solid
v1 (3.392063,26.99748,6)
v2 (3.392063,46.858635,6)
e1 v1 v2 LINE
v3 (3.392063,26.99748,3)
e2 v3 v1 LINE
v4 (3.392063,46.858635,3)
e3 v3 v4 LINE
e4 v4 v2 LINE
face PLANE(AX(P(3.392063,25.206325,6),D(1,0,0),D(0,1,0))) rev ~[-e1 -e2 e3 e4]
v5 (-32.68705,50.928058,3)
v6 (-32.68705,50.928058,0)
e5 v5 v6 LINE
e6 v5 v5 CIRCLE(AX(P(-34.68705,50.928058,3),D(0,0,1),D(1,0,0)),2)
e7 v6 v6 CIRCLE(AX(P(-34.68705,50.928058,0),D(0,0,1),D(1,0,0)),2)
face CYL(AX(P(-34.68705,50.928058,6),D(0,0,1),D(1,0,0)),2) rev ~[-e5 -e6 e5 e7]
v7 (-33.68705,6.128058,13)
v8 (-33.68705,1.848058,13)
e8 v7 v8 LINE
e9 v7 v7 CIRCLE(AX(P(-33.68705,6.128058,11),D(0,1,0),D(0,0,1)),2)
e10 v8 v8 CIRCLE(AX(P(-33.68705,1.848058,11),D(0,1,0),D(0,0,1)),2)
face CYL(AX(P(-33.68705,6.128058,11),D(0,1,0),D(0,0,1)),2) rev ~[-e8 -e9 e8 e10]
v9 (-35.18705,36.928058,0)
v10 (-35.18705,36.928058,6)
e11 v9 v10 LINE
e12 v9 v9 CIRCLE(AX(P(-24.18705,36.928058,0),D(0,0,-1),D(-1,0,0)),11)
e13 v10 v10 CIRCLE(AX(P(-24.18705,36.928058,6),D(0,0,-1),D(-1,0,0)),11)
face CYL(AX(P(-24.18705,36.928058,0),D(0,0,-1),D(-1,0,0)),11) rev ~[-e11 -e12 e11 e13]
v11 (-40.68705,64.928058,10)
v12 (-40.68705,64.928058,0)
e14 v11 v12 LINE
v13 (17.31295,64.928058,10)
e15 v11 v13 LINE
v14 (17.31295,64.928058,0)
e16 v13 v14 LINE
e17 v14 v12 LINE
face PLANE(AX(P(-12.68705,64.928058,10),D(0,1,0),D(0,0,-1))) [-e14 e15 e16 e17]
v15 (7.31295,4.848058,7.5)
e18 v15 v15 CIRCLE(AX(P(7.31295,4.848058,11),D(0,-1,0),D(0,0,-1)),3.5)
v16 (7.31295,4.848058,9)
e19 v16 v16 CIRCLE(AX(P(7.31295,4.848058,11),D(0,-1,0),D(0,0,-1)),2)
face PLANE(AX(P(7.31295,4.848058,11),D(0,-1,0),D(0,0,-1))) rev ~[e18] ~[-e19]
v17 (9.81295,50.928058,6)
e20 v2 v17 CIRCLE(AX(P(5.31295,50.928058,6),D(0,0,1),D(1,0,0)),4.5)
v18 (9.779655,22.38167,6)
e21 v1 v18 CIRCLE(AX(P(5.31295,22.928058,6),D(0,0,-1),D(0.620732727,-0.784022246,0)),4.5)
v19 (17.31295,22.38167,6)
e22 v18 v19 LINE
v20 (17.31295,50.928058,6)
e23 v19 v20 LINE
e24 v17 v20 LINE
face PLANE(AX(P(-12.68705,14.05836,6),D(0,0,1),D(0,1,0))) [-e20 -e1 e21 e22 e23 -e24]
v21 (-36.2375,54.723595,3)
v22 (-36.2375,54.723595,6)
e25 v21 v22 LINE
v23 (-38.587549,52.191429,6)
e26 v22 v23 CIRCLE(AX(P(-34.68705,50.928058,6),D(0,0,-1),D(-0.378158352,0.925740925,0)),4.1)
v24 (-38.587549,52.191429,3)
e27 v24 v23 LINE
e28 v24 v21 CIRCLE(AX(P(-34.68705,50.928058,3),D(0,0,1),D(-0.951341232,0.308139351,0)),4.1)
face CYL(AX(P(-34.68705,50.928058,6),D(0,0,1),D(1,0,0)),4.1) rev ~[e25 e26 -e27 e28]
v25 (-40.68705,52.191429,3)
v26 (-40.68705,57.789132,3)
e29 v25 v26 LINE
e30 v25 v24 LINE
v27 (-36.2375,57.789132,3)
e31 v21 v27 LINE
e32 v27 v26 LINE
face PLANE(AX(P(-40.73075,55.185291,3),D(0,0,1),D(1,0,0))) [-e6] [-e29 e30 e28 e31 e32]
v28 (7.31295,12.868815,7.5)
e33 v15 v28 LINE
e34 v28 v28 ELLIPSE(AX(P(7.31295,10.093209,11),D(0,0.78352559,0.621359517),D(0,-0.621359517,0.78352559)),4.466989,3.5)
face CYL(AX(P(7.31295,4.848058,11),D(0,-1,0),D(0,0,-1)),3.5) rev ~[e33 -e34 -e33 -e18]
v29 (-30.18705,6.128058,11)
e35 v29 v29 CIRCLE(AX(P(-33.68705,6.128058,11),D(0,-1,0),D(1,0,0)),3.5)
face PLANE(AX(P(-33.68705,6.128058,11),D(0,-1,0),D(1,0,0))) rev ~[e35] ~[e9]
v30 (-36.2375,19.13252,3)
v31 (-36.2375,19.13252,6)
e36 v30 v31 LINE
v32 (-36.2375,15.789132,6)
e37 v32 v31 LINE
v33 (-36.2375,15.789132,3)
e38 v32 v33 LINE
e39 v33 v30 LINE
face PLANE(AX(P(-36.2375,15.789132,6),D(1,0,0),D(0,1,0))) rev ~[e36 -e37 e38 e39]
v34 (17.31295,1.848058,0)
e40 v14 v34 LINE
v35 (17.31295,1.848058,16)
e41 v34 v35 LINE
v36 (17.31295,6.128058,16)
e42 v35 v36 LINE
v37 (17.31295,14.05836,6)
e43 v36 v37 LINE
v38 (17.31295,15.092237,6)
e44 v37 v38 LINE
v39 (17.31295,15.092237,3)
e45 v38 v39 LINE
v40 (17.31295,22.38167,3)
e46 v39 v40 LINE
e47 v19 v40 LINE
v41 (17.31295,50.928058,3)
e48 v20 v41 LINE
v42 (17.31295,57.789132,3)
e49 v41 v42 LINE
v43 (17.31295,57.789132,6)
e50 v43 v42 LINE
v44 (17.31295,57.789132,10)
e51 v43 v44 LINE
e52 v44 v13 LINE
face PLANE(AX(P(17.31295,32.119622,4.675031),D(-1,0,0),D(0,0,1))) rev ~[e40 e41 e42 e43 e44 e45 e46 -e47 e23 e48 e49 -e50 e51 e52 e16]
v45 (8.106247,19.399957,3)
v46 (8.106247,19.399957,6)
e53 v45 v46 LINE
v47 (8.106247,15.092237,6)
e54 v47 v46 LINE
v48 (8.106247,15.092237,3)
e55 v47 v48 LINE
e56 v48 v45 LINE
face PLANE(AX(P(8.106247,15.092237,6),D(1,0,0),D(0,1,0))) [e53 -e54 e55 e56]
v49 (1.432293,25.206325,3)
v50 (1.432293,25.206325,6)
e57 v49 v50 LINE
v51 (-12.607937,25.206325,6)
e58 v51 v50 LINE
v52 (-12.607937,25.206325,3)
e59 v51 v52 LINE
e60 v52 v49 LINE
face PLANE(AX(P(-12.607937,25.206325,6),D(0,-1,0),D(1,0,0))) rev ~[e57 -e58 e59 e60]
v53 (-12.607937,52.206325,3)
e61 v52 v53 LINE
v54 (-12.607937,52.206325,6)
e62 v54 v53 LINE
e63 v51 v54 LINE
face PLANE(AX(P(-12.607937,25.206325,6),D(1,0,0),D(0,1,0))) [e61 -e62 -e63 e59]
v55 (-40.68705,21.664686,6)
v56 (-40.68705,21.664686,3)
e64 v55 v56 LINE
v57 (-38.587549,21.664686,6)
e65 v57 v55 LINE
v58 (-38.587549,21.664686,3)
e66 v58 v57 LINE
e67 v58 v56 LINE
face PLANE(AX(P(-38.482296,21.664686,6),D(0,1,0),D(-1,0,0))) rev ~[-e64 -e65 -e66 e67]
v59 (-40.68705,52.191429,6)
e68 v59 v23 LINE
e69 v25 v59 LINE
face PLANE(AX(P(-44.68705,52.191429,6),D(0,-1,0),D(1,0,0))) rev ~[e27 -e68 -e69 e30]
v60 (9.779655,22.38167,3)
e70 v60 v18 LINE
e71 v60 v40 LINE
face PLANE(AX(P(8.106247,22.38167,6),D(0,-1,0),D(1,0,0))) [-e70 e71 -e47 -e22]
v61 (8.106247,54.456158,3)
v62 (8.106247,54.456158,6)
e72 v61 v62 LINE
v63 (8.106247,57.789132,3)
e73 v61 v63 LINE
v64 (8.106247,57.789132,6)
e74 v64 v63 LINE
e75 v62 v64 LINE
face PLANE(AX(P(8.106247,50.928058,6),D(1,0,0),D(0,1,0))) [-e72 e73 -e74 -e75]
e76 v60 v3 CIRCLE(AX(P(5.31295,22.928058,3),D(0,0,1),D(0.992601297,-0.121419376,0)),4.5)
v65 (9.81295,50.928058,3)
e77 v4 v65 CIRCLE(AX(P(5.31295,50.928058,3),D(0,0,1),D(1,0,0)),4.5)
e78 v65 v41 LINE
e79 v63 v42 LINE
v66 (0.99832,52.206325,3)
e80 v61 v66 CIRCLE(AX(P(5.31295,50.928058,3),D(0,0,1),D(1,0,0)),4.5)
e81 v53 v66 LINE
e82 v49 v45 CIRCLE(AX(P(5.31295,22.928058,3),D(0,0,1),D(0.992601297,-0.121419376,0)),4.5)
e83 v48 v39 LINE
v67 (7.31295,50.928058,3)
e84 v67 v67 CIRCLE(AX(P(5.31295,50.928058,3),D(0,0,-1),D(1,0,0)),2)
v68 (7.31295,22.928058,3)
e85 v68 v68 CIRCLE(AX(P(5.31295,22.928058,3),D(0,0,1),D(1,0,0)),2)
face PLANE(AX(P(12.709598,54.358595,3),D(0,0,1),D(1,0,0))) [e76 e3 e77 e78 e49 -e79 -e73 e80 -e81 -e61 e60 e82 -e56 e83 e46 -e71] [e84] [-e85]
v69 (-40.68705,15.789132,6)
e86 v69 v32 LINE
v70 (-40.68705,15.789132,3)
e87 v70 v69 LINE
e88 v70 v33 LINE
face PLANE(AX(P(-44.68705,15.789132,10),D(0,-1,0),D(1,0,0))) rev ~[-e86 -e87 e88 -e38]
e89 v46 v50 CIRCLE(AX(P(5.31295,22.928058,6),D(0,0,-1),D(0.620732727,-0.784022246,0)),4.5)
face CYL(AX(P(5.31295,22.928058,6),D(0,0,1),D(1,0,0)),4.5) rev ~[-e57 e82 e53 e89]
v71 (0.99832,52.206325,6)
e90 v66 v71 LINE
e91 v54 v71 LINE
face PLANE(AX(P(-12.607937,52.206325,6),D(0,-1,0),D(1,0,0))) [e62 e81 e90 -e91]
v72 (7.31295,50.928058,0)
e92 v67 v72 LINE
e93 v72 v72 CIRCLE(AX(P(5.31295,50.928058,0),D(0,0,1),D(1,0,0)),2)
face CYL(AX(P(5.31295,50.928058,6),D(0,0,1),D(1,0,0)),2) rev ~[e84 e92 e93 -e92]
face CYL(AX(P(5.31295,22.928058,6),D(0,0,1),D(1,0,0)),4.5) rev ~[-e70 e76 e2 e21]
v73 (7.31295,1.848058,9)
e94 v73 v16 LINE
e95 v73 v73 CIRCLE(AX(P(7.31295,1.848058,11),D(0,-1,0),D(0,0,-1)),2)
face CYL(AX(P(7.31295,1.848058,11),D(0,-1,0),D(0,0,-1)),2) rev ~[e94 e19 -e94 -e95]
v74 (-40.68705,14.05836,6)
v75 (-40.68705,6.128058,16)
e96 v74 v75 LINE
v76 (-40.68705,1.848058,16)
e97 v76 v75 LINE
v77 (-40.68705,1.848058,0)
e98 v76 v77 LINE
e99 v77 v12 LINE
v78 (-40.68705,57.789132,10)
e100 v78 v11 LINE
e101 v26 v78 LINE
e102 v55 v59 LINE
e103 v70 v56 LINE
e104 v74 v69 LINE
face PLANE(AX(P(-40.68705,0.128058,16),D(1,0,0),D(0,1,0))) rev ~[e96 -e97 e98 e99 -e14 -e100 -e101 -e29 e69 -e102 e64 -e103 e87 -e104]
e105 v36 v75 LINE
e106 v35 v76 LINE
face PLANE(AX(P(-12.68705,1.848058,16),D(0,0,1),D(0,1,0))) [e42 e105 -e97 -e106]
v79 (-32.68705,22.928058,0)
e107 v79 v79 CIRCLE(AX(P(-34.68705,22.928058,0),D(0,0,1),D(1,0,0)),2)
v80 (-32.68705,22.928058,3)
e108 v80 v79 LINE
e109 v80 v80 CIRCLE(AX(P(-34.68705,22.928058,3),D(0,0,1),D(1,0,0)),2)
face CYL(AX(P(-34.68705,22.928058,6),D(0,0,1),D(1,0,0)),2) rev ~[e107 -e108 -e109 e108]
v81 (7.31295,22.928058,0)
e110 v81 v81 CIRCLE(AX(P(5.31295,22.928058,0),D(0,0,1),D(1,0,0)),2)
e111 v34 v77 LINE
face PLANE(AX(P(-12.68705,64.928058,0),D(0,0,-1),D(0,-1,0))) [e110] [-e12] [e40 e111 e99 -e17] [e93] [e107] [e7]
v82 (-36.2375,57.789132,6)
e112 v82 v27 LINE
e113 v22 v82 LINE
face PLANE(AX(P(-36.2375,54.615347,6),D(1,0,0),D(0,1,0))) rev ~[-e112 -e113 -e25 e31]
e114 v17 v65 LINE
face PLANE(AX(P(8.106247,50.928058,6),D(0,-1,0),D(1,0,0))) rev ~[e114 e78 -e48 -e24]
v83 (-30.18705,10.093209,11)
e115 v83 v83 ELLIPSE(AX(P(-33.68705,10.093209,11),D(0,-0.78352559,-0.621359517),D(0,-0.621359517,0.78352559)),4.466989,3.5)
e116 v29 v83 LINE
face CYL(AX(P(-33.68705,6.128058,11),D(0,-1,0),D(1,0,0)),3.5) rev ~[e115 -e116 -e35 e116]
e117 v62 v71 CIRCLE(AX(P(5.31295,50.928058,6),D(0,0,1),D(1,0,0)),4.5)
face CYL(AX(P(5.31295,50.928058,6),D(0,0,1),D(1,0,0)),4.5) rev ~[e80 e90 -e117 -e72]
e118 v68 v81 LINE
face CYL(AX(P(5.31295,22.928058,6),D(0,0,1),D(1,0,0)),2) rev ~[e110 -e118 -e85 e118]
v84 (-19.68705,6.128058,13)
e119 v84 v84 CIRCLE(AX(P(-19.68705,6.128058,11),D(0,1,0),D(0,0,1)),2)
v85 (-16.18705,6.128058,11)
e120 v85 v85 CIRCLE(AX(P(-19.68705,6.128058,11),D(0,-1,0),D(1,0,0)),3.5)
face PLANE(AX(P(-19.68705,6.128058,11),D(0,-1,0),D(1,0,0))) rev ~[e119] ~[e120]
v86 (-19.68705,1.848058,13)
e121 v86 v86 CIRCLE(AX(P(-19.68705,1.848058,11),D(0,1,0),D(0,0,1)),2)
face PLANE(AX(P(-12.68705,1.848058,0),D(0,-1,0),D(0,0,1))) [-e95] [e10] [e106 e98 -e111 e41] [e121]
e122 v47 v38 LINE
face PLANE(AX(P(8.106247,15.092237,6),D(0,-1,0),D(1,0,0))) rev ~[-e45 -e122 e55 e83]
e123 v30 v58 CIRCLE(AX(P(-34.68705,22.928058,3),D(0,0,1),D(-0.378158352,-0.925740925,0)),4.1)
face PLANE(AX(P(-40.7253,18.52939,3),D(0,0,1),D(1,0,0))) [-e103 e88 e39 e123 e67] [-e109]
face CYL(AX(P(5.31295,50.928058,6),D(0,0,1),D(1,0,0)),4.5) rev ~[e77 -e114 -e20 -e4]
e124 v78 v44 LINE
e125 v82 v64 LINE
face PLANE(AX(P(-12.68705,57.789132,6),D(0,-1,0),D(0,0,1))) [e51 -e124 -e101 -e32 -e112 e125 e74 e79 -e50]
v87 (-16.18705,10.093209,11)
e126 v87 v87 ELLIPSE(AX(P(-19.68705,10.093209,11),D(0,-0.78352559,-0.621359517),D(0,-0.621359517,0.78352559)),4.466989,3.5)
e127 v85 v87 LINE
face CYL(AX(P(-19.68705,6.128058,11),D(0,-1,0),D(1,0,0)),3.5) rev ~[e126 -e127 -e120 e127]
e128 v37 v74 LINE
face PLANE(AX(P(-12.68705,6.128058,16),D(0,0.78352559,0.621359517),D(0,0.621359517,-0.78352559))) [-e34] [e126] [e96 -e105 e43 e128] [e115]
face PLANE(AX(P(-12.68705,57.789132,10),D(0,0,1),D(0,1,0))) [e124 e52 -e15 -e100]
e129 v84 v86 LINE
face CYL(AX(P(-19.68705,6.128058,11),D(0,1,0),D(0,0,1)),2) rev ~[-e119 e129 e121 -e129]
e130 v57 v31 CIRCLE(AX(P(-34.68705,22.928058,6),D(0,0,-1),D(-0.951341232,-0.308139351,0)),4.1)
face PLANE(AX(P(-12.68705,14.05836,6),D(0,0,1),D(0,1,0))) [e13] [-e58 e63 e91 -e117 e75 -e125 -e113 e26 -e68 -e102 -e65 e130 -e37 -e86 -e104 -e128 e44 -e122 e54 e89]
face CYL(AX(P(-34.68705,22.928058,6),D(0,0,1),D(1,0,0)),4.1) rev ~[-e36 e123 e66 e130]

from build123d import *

# Parameters (mm, degrees)
SKETCH1_W            = 93
SKETCH1_H            = 100
BOSS_EXTRUDE2_DEPTH  = 10
SKETCH4_W            = 10.01
SKETCH4_H            = 15
BOSS_EXTRUDE4_DEPTH  = 24
SKETCH5_R            = 2
CUT_EXTRUDE1_DEPTH   = 50
SKETCH7_R            = 11
CUT_EXTRUDE3_DEPTH   = 50
SKETCH14_W           = 61.5
SKETCH14_H           = 42
CUT_EXTRUDE8_DEPTH   = 4
SKETCH19_R           = 11
CUT_EXTRUDE11_DEPTH  = 15
SKETCH20_R           = 2
CUT_EXTRUDE12_DEPTH  = 10
SKETCH21_W           = 40
SKETCH21_H           = 6
BOSS_EXTRUDE5_DEPTH  = 27
SKETCH22_W           = 40
SKETCH22_H           = 6.3
BOSS_EXTRUDE7_DEPTH  = 40
SKETCH23_R           = 8
CUT_EXTRUDE13_DEPTH  = 40
SKETCH24_W           = 118.277817783
SKETCH24_H           = 41.8
CUT_EXTRUDE14_DEPTH  = 40
SKETCH25_W           = 31.5
SKETCH25_H           = 23.2
CUT_EXTRUDE15_DEPTH  = 20
CUT_EXTRUDE18_DEPTH  = 3
SKETCH27_R           = 4.1
SKETCH27_R_2         = 4
CUT_EXTRUDE29_DEPTH  = 3
SKETCH28_W           = 29.5
SKETCH28_H           = 58.2
CUT_EXTRUDE30_DEPTH  = 23
SKETCH29_W           = 32
SKETCH29_H           = 4
CUT_EXTRUDE31_DEPTH  = 23
SKETCH31_W           = 32
SKETCH31_H           = 6
BOSS_EXTRUDE9_DEPTH  = 6.6
SKETCH32_W           = 32
SKETCH32_H           = 6
BOSS_EXTRUDE10_DEPTH = 10
SKETCH33_R           = 2
CUT_EXTRUDE32_DEPTH  = 10
BOSS_EXTRUDE11_START = -32
BOSS_EXTRUDE11_DEPTH = 32
SKETCH35_R           = 3.5
CUT_EXTRUDE33_DEPTH  = 10
SKETCH36_W           = 27
SKETCH36_H           = 46
CUT_EXTRUDE34_DEPTH  = 50
SKETCH38_W           = 31.75
SKETCH38_H           = 35
CUT_EXTRUDE35_DEPTH  = 50
SKETCH40_W           = 4
SKETCH40_H           = 77.818306413
CUT_EXTRUDE37_DEPTH  = 110
SKETCH41_W           = 28
SKETCH41_H           = 1.72
CUT_EXTRUDE38_DEPTH  = 50
BOSS_EXTRUDE12_DEPTH = 30
SKETCH43_R           = 2
CUT_EXTRUDE39_DEPTH  = 30
SKETCH44_R           = 4.5
CUT_EXTRUDE40_DEPTH  = 3
SKETCH45_W           = 9.206702729
SKETCH45_H           = 6.861074725
SKETCH45_H_2         = 7.289433521
CUT_EXTRUDE41_DEPTH  = 3
SKETCH46_W           = 16
SKETCH46_H           = 27
CUT_EXTRUDE42_DEPTH  = 3
SKETCH47_R           = 2
CUT_EXTRUDE43_DEPTH  = 3
SKETCH48_R           = 3.5
CUT_EXTRUDE44_DEPTH  = 23


with BuildPart() as part:
    # Sketch1 → Boss-Extrude2 (new body)
    with BuildSketch(Plane.XY):
        with Locations((-29.68705036, 14.928057554)):
            Rectangle(SKETCH1_W, SKETCH1_H)
    extrude(amount=BOSS_EXTRUDE2_DEPTH)

    # Sketch4 → Boss-Extrude4 (add)
    with BuildSketch(Plane(origin=(16.81294964, 0, 0), x_dir=(0, 0, -1), z_dir=(1, 0, 0))):
        with Locations((-4.995, -12.571942446)):
            Rectangle(SKETCH4_W, SKETCH4_H)
    extrude(amount=BOSS_EXTRUDE4_DEPTH)

    # Sketch5 → Cut-Extrude1 (cut)
    with BuildSketch(Plane(origin=(0, -5.071942446, 0), x_dir=(1, 0, 0), z_dir=(0, 1, 0))):
        with Locations(Location((26.81294964, -5, 0), (0, 0, 180))):
            Circle(SKETCH5_R)
    extrude(amount=-CUT_EXTRUDE1_DEPTH, mode=Mode.SUBTRACT)

    # Sketch7 → Cut-Extrude3 (cut)
    with BuildSketch(Plane(origin=(0, 0, 0), x_dir=(-1, 0, 0), z_dir=(0, 0, -1))):
        with Locations((24.18705036, 36.928057554)):
            Circle(SKETCH7_R)
    extrude(amount=-CUT_EXTRUDE3_DEPTH, mode=Mode.SUBTRACT)

    # Sketch14 → Cut-Extrude8 (cut)
    with BuildSketch(Plane.XY.offset(10)):
        with Locations((-13.93705036, 36.789132279)):
            Rectangle(SKETCH14_W, SKETCH14_H)
    extrude(amount=-CUT_EXTRUDE8_DEPTH, mode=Mode.SUBTRACT)

    # Sketch19 → Cut-Extrude11 (cut)
    with BuildSketch(Plane(origin=(0, 0, 0), x_dir=(-1, 0, 0), z_dir=(0, 0, -1))):
        with Locations((53.18705036, 36.928057554)):
            Circle(SKETCH19_R)
    extrude(amount=-CUT_EXTRUDE11_DEPTH, mode=Mode.SUBTRACT)

    # Sketch20 → Cut-Extrude12 (cut)
    with BuildSketch(Plane.XY.offset(6)):
        with Locations((-34.68705036, 50.928057554)):
            Circle(SKETCH20_R)
        with Locations((5.31294964, 50.928057554)):
            Circle(SKETCH20_R)
        with Locations((-34.68705036, 22.928057554)):
            Circle(SKETCH20_R)
        with Locations((5.31294964, 22.928057554)):
            Circle(SKETCH20_R)
    extrude(amount=-CUT_EXTRUDE12_DEPTH, mode=Mode.SUBTRACT)

    # Sketch21 → Boss-Extrude5 (add)
    with BuildSketch(Plane(origin=(0, 0, 0), x_dir=(-1, 0, 0), z_dir=(0, 0, -1))):
        with Locations((56.18705036, 61.928057554)):
            Rectangle(SKETCH21_W, SKETCH21_H)
    extrude(amount=BOSS_EXTRUDE5_DEPTH)

    # Sketch22 → Boss-Extrude7 (add)
    with BuildSketch(Plane.XZ.offset(-58.928057554)):
        with Locations((-56.18705036, -23.85)):
            Rectangle(SKETCH22_W, SKETCH22_H)
    extrude(amount=BOSS_EXTRUDE7_DEPTH)

    # Sketch23 → Cut-Extrude13 (cut)
    with BuildSketch(Plane.XY.offset(10)):
        with Locations((-53.18705036, 36.928057554)):
            Circle(SKETCH23_R)
    extrude(amount=-CUT_EXTRUDE13_DEPTH, mode=Mode.SUBTRACT)

    # Sketch24 → Cut-Extrude14 (cut)
    with BuildSketch(Plane.XY.offset(10)):
        with Locations((-17.048141468, -14.171942446)):
            Rectangle(SKETCH24_W, SKETCH24_H)
    extrude(amount=-CUT_EXTRUDE14_DEPTH, mode=Mode.SUBTRACT)

    # Sketch25 → Cut-Extrude15 (cut)
    with BuildSketch(Plane.XY.offset(10)):
        with Locations((-60.43705036, 18.328057554)):
            Rectangle(SKETCH25_W, SKETCH25_H)
    extrude(amount=-CUT_EXTRUDE15_DEPTH, mode=Mode.SUBTRACT)

    # Sketch26 → Cut-Extrude18 (cut)
    with BuildSketch(Plane.XY.offset(6)):
        with BuildLine():
            Line((14.30212304, 57.789132279), (6.863398886, 57.789132279))
            Line((6.863398886, 57.789132279), (6.863398886, 54.615347499))
            ThreePointArc((6.863398886, 54.615347499), (8.24773413, 53.645968516), (9.108195728, 52.191428892))
            Line((9.108195728, 52.191428892), (14.30212304, 52.191428892))
            Line((14.30212304, 52.191428892), (14.30212304, 57.789132279))
        make_face()
        with BuildLine():
            Line((6.863398886, 19.240767609), (6.863398886, 15.789132279))
            Line((6.863398886, 15.789132279), (14.30212304, 15.789132279))
            Line((14.30212304, 15.789132279), (14.30212304, 20.928057554))
            Line((14.30212304, 20.928057554), (8.777051255, 20.928057554))
            ThreePointArc((8.777051255, 20.928057554), (7.95835451, 19.927752057), (6.863398886, 19.240767609))
        make_face()
        with BuildLine():
            Line((-36.237499605, 57.789132279), (-44.68705036, 57.789132279))
            Line((-44.68705036, 57.789132279), (-44.68705036, 52.191428892))
            Line((-44.68705036, 52.191428892), (-38.482296447, 52.191428892))
            ThreePointArc((-38.482296447, 52.191428892), (-37.621834849, 53.645968516), (-36.237499605, 54.615347499))
            Line((-36.237499605, 54.615347499), (-36.237499605, 57.789132279))
        make_face()
        with BuildLine():
            Line((-44.68705036, 21.664686216), (-44.68705036, 15.789132279))
            Line((-44.68705036, 15.789132279), (-36.237499605, 15.789132279))
            Line((-36.237499605, 15.789132279), (-36.237499605, 19.240767609))
            ThreePointArc((-36.237499605, 19.240767609), (-37.621834849, 20.210146592), (-38.482296447, 21.664686216))
            Line((-38.482296447, 21.664686216), (-44.68705036, 21.664686216))
        make_face()
    extrude(amount=-CUT_EXTRUDE18_DEPTH, mode=Mode.SUBTRACT)

    # Sketch27 → Cut-Extrude29 (cut)
    with BuildSketch(Plane.XY.offset(6)):
        with Locations((5.31294964, 50.928057554)):
            Circle(SKETCH27_R)
        with Locations((5.31294964, 22.928057554)):
            Circle(SKETCH27_R_2)
        with Locations((-34.68705036, 50.928057554)):
            Circle(SKETCH27_R)
        with Locations((-34.68705036, 22.928057554)):
            Circle(SKETCH27_R)
    extrude(amount=-CUT_EXTRUDE29_DEPTH, mode=Mode.SUBTRACT)

    # Sketch28 → Cut-Extrude30 (cut)
    with BuildSketch(Plane(origin=(0, 0, 0), x_dir=(-1, 0, 0), z_dir=(0, 0, -1))):
        with Locations((-2.06294964, 35.828057554)):
            Rectangle(SKETCH28_W, SKETCH28_H)
    extrude(amount=-CUT_EXTRUDE30_DEPTH, mode=Mode.SUBTRACT)

    # Sketch29 → Cut-Extrude31 (cut)
    with BuildSketch(Plane(origin=(0, 15.789132279, 0), x_dir=(1, 0, 0), z_dir=(0, 1, 0))):
        with Locations((-28.68705036, -8)):
            Rectangle(SKETCH29_W, SKETCH29_H)
    extrude(amount=-CUT_EXTRUDE31_DEPTH, mode=Mode.SUBTRACT)

    # Sketch31 → Boss-Extrude9 (add)
    with BuildSketch(Plane.XZ.offset(-6.728057554)):
        with Locations((-28.68705036, 3)):
            Rectangle(SKETCH31_W, SKETCH31_H)
    extrude(amount=BOSS_EXTRUDE9_DEPTH)

    # Sketch32 → Boss-Extrude10 (add)
    with BuildSketch(Plane.XY.offset(6)):
        with Locations((-28.68705036, 3.128057554)):
            Rectangle(SKETCH32_W, SKETCH32_H)
    extrude(amount=BOSS_EXTRUDE10_DEPTH)

    # Sketch33 → Cut-Extrude32 (cut)
    with BuildSketch(Plane(origin=(0, 6.128057554, 0), x_dir=(1, 0, 0), z_dir=(0, 1, 0))):
        with Locations(Location((-33.68705036, -11, 0), (0, 0, 270))):
            Circle(SKETCH33_R)
        with Locations(Location((-19.68705036, -11, 0), (0, 0, 270))):
            Circle(SKETCH33_R)
    extrude(amount=-CUT_EXTRUDE32_DEPTH, mode=Mode.SUBTRACT)

    # Sketch34 → Boss-Extrude11 (add)
    with BuildSketch(Plane(origin=(-12.68705036, 0, 0), x_dir=(0, 0, -1), z_dir=(1, 0, 0)).offset(BOSS_EXTRUDE11_START)):
        Polygon((-16, 6.128057554), (-6, 6.128057554), (-6, 14.058360342), align=None)
    extrude(amount=BOSS_EXTRUDE11_DEPTH)

    # Sketch35 → Cut-Extrude33 (cut)
    with BuildSketch(Plane.XZ.offset(-6.128057554)):
        with Locations((-19.68705036, 11)):
            Circle(SKETCH35_R)
        with Locations((-33.68705036, 11)):
            Circle(SKETCH35_R)
    extrude(amount=-CUT_EXTRUDE33_DEPTH, mode=Mode.SUBTRACT)

    # Sketch36 → Cut-Extrude34 (cut)
    with BuildSketch(Plane(origin=(-36.18705036, 0, 0), x_dir=(0, 0, -1), z_dir=(1, 0, 0))):
        with Locations((13.5, 41.928057554)):
            Rectangle(SKETCH36_W, SKETCH36_H)
    extrude(amount=-CUT_EXTRUDE34_DEPTH, mode=Mode.SUBTRACT)

    # Sketch38 → Cut-Extrude35 (cut)
    with BuildSketch(Plane.XY.offset(10)):
        with Locations((-60.31205036, 47.428057554)):
            Rectangle(SKETCH38_W, SKETCH38_H)
    extrude(amount=-CUT_EXTRUDE35_DEPTH, mode=Mode.SUBTRACT)

    # Sketch40 → Cut-Extrude37 (cut)
    with BuildSketch(Plane.XY.offset(16)):
        with Locations((-42.68705036, 39.037210761)):
            Rectangle(SKETCH40_W, SKETCH40_H)
    extrude(amount=-CUT_EXTRUDE37_DEPTH, mode=Mode.SUBTRACT)

    # Sketch41 → Cut-Extrude38 (cut)
    with BuildSketch(Plane.XY.offset(16)):
        with Locations((-26.68705036, 0.988057554)):
            Rectangle(SKETCH41_W, SKETCH41_H)
    extrude(amount=-CUT_EXTRUDE38_DEPTH, mode=Mode.SUBTRACT)

    # Sketch42 → Boss-Extrude12 (add)
    with BuildSketch(Plane(origin=(-12.68705036, 0, 0), x_dir=(0, 0, -1), z_dir=(1, 0, 0))):
        Polygon((-10, 64.928057554), (0, 64.928057554), (0, 1.848057554), (-16, 1.848057554), (-16, 6.128057554), (-6, 14.058360342), (-6, 57.789132279), (-10, 57.789132279), align=None)
    extrude(amount=BOSS_EXTRUDE12_DEPTH)

    # Sketch43 → Cut-Extrude39 (cut)
    with BuildSketch(Plane.XY.offset(6)):
        with Locations((5.31294964, 50.928057554)):
            Circle(SKETCH43_R)
        with Locations((5.31294964, 22.928057554)):
            Circle(SKETCH43_R)
    extrude(amount=-CUT_EXTRUDE39_DEPTH, mode=Mode.SUBTRACT)

    # Sketch44 → Cut-Extrude40 (cut)
    with BuildSketch(Plane.XY.offset(6)):
        with Locations((5.31294964, 22.928057554)):
            Circle(SKETCH44_R)
        with Locations((5.31294964, 50.928057554)):
            Circle(SKETCH44_R)
    extrude(amount=-CUT_EXTRUDE40_DEPTH, mode=Mode.SUBTRACT)

    # Sketch45 → Cut-Extrude41 (cut)
    with BuildSketch(Plane.XY.offset(6)):
        with Locations((12.709598275, 54.358594917)):
            Rectangle(SKETCH45_W, SKETCH45_H)
        with Locations((12.709598275, 18.736953601)):
            Rectangle(SKETCH45_W, SKETCH45_H_2)
    extrude(amount=-CUT_EXTRUDE41_DEPTH, mode=Mode.SUBTRACT)

    # Sketch46 → Cut-Extrude42 (cut)
    with BuildSketch(Plane.XY.offset(6)):
        with Locations((-4.607936524, 38.706325488)):
            Rectangle(SKETCH46_W, SKETCH46_H)
    extrude(amount=-CUT_EXTRUDE42_DEPTH, mode=Mode.SUBTRACT)

    # Sketch47 → Cut-Extrude43 (cut)
    with BuildSketch(Plane.XZ.offset(-1.848057554)):
        with Locations(Location((7.31294964, 11, 0), (0, 0, 270))):
            Circle(SKETCH47_R)
    extrude(amount=-CUT_EXTRUDE43_DEPTH, mode=Mode.SUBTRACT)

    # Sketch48 → Cut-Extrude44 (cut)
    with BuildSketch(Plane.XZ.offset(-4.848057554)):
        with Locations(Location((7.31294964, 11, 0), (0, 0, 270))):
            Circle(SKETCH48_R)
    extrude(amount=-CUT_EXTRUDE44_DEPTH, mode=Mode.SUBTRACT)


solid = part.part
